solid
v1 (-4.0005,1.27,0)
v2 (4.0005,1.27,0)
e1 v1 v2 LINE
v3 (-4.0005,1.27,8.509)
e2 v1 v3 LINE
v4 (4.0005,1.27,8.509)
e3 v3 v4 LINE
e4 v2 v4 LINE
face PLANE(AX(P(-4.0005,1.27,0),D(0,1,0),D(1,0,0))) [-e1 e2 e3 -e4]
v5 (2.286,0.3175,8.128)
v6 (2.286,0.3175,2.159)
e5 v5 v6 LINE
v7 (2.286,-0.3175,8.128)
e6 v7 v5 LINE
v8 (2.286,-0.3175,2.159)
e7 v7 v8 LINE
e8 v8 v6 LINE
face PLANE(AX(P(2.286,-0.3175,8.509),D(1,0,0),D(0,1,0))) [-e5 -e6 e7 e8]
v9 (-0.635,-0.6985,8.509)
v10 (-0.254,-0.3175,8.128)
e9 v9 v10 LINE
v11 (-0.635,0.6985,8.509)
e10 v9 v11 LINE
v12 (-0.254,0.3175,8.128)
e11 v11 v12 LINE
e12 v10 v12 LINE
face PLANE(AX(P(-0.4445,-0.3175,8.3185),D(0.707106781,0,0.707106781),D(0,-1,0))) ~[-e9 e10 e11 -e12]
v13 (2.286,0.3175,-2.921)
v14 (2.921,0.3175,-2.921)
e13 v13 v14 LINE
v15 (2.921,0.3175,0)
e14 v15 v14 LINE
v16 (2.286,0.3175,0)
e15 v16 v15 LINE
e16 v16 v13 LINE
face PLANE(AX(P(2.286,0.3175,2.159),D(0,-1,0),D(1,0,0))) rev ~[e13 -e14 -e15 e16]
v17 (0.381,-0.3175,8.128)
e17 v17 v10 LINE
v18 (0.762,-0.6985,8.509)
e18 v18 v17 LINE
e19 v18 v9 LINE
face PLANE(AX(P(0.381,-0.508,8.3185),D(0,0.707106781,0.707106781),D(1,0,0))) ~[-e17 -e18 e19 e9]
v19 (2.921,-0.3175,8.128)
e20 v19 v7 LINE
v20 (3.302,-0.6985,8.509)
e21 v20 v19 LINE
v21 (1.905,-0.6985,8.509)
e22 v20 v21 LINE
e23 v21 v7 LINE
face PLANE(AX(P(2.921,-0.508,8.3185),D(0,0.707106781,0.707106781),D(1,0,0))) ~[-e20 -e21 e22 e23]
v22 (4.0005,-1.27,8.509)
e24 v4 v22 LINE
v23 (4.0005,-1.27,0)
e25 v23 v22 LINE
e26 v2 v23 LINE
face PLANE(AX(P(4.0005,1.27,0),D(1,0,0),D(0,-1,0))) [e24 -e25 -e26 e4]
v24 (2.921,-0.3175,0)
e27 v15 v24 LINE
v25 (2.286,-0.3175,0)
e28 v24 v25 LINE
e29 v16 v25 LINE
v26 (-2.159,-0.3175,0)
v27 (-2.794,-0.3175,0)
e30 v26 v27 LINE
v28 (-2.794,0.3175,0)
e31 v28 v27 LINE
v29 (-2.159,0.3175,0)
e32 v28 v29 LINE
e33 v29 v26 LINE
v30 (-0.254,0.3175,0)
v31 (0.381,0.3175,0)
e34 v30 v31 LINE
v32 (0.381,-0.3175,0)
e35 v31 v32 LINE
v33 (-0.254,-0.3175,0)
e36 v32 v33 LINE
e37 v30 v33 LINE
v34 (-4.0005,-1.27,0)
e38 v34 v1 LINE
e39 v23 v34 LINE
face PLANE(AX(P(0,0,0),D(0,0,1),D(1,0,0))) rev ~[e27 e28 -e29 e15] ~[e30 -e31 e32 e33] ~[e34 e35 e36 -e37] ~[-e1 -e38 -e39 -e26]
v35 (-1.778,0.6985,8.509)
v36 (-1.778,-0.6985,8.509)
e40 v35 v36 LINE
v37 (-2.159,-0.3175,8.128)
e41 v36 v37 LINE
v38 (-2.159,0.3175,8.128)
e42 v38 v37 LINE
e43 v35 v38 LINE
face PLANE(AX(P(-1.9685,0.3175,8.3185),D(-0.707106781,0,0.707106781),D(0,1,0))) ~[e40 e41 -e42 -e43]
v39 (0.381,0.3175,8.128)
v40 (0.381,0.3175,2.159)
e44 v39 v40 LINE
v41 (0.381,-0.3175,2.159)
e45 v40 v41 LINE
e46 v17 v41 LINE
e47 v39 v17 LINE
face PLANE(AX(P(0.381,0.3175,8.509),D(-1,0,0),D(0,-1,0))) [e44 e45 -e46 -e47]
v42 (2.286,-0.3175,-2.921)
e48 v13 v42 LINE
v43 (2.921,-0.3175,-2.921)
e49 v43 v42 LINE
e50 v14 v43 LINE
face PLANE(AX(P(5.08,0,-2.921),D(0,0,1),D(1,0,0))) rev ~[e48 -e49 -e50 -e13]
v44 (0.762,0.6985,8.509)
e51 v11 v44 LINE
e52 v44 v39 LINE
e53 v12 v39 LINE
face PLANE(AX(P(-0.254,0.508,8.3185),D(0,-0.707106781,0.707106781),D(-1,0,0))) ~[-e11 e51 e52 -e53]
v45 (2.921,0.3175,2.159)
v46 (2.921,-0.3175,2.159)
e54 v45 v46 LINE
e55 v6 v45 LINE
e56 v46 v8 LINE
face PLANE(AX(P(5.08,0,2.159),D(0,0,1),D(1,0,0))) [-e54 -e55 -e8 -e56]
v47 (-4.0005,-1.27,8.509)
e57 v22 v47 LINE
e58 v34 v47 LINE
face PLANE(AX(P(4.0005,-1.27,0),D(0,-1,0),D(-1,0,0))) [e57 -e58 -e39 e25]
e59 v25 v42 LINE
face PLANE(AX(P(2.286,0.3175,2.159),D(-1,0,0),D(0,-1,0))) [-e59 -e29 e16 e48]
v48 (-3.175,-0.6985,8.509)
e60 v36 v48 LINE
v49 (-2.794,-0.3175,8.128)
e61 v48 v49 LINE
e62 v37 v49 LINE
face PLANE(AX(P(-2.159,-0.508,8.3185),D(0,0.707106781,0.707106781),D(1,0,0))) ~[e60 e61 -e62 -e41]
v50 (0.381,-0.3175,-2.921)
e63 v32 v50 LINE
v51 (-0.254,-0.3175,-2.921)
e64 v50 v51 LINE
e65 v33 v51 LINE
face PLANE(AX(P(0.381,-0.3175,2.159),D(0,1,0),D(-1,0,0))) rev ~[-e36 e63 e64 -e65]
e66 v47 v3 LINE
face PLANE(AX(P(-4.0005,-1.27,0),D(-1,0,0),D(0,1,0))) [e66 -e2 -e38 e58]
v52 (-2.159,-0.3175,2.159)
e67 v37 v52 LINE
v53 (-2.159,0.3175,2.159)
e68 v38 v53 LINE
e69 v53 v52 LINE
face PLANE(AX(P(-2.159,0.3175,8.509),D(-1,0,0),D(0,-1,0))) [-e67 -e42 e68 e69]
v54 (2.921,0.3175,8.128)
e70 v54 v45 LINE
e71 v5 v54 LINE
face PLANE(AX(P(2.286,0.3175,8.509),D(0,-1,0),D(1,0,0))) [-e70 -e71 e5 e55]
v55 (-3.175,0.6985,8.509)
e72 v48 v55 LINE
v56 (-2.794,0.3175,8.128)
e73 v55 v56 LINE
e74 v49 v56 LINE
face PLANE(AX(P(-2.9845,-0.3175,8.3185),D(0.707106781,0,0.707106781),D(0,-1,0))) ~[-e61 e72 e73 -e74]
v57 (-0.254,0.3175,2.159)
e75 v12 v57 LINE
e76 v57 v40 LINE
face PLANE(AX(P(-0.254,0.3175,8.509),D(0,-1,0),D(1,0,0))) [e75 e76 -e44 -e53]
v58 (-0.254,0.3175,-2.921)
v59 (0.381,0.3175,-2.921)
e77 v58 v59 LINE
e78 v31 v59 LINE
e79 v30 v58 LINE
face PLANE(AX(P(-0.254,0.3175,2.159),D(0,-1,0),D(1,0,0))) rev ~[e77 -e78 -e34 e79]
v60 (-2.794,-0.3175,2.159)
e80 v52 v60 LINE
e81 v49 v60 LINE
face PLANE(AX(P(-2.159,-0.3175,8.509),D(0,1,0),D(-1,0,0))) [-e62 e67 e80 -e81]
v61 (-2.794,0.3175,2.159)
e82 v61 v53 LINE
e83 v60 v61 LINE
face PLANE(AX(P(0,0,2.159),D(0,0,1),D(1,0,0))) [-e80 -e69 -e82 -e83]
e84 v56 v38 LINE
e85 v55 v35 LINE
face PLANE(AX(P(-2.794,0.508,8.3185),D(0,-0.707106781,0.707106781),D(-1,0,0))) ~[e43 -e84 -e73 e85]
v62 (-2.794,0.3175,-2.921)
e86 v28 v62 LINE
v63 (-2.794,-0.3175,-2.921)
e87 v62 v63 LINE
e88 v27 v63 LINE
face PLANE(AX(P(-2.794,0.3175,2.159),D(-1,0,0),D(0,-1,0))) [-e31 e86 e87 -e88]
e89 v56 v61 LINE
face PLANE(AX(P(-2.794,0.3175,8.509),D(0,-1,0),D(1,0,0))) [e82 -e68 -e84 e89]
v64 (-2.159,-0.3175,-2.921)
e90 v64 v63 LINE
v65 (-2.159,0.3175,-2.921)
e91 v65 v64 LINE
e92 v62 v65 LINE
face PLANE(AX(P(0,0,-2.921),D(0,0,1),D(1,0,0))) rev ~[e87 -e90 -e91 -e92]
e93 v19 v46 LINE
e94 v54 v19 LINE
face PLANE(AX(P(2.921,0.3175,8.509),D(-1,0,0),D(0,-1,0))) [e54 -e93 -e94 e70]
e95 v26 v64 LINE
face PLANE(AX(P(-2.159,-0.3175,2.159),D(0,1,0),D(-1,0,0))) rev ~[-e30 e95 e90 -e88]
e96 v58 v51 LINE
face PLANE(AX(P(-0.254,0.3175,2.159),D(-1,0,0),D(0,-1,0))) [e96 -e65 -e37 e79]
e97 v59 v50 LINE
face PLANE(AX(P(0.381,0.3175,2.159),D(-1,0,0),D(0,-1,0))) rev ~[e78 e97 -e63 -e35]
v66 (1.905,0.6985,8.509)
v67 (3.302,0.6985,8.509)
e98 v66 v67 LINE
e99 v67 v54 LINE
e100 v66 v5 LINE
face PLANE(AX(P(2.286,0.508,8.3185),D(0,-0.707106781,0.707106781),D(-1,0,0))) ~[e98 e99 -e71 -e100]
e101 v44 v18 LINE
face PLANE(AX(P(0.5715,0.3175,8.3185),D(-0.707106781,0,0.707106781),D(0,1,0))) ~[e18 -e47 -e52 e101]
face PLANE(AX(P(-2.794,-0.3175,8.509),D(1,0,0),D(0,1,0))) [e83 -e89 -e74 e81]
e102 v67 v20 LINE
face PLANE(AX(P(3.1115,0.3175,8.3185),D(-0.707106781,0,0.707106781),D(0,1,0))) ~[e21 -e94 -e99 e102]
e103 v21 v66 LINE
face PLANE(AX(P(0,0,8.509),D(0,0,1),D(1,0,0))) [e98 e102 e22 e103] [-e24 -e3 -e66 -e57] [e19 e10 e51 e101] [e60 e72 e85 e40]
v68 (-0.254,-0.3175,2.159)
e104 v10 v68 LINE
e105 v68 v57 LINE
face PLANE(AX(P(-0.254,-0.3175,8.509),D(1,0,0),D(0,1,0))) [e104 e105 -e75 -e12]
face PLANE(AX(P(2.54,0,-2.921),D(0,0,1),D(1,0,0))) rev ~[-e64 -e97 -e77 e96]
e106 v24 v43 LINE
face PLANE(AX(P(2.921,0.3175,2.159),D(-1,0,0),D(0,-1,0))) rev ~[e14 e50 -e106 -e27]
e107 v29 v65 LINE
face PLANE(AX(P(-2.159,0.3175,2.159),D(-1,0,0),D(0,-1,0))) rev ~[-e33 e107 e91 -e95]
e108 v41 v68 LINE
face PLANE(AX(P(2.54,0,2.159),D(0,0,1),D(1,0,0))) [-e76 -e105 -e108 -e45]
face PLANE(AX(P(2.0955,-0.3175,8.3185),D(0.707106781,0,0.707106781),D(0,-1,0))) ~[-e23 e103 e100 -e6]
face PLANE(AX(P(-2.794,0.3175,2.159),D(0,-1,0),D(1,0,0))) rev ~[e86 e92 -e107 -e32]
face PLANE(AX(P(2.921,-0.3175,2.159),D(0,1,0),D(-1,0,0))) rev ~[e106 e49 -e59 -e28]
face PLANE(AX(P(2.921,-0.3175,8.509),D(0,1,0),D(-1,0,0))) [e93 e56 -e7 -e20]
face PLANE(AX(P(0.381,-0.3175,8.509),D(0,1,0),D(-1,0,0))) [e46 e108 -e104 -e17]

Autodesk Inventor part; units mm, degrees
ref_plane "YZ Plane" through (0, 0, 0) normal (1, 0, 0) x (0, 1, 0)
ref_plane "XZ Plane" through (0, 0, 0) normal (0, 1, 0) x (-1, 0, 0)
ref_plane "XY Plane" through (0, 0, 0) normal (0, 0, 1) x (1, 0, 0)
sketch "Sketch1" plane through (0, 0, 0) normal (0, 0, 1) x (1, 0, 0)
  line L0 (-4.0005, 1.27) -> (4.0005, 1.27)
  line L1 (4.0005, 1.27) -> (4.0005, -1.27)
  line L2 (4.0005, -1.27) -> (-4.0005, -1.27)
  line L3 (-4.0005, -1.27) -> (-4.0005, 1.27)
  line L4 (0, 0) -> (-4.0005, 0) construction
  line L5 (0, 0) -> (0, -1.27) construction
  line L6 (0, 0) -> (0, 1.27) construction
  line L7 (0, 0) -> (4.0005, 0) construction
  dimension "d0" = 8.001
  dimension "d1" = 2.54
extrude "Extrusion1" add sketch "Sketch1" along normal blind 8.509
sketch "Sketch2" plane through (0, 0, 8.509) normal (0, 0, 1) x (1, 0, 0)
  line L0 (-4.0005, 1.27) -> (4.0005, 1.27) projected
  line L1 (-4.0005, -1.27) -> (-4.0005, 1.27) projected
  line L2 (-2.794, 0.3175) -> (-2.159, 0.3175)
  line L3 (-2.159, 0.3175) -> (-2.159, -0.3175)
  line L4 (-2.159, -0.3175) -> (-2.794, -0.3175)
  line L5 (-2.794, -0.3175) -> (-2.794, 0.3175)
  dimension "d4" = 0.635
  dimension "d5" = 1.2065
  dimension "d6" = 0.9525
extrude "Extrusion2" cut sketch "Sketch2" against normal blind 6.35
chamfer "Chamfer1" distance 0.381 angle 45 4 edges at (-2.4765, 0.3175, 8.509) (-2.159, 0, 8.509) (-2.4765, -0.3175, 8.509) (-2.794, 0, 8.509)
sketch "Sketch3" plane through (0, 0, 2.159) normal (0, 0, 1) x (1, 0, 0)
  line L0 (-2.794, 0.3175) -> (-2.794, -0.3175) projected
  line L1 (-2.794, -0.3175) -> (-2.794, 0.3175) projected
  line L2 (-2.794, 0.3175) -> (-2.159, 0.3175) projected
  line L3 (-2.159, 0.3175) -> (-2.159, -0.3175) projected
  line L4 (-2.159, -0.3175) -> (-2.794, -0.3175) projected
extrude "Extrusion3" add sketch "Sketch3" against normal blind 5.08
pattern_linear "Rectangular Pattern3" count 3 spacing 2.54 along (1, 0, 0) of "Extrusion2", "Chamfer1"
pattern_linear "Rectangular Pattern4" count 3 spacing 2.54 along (1, 0, 0) of "Extrusion3"
properties part number "1x3 Header Connector" material "ABS Plastic"
